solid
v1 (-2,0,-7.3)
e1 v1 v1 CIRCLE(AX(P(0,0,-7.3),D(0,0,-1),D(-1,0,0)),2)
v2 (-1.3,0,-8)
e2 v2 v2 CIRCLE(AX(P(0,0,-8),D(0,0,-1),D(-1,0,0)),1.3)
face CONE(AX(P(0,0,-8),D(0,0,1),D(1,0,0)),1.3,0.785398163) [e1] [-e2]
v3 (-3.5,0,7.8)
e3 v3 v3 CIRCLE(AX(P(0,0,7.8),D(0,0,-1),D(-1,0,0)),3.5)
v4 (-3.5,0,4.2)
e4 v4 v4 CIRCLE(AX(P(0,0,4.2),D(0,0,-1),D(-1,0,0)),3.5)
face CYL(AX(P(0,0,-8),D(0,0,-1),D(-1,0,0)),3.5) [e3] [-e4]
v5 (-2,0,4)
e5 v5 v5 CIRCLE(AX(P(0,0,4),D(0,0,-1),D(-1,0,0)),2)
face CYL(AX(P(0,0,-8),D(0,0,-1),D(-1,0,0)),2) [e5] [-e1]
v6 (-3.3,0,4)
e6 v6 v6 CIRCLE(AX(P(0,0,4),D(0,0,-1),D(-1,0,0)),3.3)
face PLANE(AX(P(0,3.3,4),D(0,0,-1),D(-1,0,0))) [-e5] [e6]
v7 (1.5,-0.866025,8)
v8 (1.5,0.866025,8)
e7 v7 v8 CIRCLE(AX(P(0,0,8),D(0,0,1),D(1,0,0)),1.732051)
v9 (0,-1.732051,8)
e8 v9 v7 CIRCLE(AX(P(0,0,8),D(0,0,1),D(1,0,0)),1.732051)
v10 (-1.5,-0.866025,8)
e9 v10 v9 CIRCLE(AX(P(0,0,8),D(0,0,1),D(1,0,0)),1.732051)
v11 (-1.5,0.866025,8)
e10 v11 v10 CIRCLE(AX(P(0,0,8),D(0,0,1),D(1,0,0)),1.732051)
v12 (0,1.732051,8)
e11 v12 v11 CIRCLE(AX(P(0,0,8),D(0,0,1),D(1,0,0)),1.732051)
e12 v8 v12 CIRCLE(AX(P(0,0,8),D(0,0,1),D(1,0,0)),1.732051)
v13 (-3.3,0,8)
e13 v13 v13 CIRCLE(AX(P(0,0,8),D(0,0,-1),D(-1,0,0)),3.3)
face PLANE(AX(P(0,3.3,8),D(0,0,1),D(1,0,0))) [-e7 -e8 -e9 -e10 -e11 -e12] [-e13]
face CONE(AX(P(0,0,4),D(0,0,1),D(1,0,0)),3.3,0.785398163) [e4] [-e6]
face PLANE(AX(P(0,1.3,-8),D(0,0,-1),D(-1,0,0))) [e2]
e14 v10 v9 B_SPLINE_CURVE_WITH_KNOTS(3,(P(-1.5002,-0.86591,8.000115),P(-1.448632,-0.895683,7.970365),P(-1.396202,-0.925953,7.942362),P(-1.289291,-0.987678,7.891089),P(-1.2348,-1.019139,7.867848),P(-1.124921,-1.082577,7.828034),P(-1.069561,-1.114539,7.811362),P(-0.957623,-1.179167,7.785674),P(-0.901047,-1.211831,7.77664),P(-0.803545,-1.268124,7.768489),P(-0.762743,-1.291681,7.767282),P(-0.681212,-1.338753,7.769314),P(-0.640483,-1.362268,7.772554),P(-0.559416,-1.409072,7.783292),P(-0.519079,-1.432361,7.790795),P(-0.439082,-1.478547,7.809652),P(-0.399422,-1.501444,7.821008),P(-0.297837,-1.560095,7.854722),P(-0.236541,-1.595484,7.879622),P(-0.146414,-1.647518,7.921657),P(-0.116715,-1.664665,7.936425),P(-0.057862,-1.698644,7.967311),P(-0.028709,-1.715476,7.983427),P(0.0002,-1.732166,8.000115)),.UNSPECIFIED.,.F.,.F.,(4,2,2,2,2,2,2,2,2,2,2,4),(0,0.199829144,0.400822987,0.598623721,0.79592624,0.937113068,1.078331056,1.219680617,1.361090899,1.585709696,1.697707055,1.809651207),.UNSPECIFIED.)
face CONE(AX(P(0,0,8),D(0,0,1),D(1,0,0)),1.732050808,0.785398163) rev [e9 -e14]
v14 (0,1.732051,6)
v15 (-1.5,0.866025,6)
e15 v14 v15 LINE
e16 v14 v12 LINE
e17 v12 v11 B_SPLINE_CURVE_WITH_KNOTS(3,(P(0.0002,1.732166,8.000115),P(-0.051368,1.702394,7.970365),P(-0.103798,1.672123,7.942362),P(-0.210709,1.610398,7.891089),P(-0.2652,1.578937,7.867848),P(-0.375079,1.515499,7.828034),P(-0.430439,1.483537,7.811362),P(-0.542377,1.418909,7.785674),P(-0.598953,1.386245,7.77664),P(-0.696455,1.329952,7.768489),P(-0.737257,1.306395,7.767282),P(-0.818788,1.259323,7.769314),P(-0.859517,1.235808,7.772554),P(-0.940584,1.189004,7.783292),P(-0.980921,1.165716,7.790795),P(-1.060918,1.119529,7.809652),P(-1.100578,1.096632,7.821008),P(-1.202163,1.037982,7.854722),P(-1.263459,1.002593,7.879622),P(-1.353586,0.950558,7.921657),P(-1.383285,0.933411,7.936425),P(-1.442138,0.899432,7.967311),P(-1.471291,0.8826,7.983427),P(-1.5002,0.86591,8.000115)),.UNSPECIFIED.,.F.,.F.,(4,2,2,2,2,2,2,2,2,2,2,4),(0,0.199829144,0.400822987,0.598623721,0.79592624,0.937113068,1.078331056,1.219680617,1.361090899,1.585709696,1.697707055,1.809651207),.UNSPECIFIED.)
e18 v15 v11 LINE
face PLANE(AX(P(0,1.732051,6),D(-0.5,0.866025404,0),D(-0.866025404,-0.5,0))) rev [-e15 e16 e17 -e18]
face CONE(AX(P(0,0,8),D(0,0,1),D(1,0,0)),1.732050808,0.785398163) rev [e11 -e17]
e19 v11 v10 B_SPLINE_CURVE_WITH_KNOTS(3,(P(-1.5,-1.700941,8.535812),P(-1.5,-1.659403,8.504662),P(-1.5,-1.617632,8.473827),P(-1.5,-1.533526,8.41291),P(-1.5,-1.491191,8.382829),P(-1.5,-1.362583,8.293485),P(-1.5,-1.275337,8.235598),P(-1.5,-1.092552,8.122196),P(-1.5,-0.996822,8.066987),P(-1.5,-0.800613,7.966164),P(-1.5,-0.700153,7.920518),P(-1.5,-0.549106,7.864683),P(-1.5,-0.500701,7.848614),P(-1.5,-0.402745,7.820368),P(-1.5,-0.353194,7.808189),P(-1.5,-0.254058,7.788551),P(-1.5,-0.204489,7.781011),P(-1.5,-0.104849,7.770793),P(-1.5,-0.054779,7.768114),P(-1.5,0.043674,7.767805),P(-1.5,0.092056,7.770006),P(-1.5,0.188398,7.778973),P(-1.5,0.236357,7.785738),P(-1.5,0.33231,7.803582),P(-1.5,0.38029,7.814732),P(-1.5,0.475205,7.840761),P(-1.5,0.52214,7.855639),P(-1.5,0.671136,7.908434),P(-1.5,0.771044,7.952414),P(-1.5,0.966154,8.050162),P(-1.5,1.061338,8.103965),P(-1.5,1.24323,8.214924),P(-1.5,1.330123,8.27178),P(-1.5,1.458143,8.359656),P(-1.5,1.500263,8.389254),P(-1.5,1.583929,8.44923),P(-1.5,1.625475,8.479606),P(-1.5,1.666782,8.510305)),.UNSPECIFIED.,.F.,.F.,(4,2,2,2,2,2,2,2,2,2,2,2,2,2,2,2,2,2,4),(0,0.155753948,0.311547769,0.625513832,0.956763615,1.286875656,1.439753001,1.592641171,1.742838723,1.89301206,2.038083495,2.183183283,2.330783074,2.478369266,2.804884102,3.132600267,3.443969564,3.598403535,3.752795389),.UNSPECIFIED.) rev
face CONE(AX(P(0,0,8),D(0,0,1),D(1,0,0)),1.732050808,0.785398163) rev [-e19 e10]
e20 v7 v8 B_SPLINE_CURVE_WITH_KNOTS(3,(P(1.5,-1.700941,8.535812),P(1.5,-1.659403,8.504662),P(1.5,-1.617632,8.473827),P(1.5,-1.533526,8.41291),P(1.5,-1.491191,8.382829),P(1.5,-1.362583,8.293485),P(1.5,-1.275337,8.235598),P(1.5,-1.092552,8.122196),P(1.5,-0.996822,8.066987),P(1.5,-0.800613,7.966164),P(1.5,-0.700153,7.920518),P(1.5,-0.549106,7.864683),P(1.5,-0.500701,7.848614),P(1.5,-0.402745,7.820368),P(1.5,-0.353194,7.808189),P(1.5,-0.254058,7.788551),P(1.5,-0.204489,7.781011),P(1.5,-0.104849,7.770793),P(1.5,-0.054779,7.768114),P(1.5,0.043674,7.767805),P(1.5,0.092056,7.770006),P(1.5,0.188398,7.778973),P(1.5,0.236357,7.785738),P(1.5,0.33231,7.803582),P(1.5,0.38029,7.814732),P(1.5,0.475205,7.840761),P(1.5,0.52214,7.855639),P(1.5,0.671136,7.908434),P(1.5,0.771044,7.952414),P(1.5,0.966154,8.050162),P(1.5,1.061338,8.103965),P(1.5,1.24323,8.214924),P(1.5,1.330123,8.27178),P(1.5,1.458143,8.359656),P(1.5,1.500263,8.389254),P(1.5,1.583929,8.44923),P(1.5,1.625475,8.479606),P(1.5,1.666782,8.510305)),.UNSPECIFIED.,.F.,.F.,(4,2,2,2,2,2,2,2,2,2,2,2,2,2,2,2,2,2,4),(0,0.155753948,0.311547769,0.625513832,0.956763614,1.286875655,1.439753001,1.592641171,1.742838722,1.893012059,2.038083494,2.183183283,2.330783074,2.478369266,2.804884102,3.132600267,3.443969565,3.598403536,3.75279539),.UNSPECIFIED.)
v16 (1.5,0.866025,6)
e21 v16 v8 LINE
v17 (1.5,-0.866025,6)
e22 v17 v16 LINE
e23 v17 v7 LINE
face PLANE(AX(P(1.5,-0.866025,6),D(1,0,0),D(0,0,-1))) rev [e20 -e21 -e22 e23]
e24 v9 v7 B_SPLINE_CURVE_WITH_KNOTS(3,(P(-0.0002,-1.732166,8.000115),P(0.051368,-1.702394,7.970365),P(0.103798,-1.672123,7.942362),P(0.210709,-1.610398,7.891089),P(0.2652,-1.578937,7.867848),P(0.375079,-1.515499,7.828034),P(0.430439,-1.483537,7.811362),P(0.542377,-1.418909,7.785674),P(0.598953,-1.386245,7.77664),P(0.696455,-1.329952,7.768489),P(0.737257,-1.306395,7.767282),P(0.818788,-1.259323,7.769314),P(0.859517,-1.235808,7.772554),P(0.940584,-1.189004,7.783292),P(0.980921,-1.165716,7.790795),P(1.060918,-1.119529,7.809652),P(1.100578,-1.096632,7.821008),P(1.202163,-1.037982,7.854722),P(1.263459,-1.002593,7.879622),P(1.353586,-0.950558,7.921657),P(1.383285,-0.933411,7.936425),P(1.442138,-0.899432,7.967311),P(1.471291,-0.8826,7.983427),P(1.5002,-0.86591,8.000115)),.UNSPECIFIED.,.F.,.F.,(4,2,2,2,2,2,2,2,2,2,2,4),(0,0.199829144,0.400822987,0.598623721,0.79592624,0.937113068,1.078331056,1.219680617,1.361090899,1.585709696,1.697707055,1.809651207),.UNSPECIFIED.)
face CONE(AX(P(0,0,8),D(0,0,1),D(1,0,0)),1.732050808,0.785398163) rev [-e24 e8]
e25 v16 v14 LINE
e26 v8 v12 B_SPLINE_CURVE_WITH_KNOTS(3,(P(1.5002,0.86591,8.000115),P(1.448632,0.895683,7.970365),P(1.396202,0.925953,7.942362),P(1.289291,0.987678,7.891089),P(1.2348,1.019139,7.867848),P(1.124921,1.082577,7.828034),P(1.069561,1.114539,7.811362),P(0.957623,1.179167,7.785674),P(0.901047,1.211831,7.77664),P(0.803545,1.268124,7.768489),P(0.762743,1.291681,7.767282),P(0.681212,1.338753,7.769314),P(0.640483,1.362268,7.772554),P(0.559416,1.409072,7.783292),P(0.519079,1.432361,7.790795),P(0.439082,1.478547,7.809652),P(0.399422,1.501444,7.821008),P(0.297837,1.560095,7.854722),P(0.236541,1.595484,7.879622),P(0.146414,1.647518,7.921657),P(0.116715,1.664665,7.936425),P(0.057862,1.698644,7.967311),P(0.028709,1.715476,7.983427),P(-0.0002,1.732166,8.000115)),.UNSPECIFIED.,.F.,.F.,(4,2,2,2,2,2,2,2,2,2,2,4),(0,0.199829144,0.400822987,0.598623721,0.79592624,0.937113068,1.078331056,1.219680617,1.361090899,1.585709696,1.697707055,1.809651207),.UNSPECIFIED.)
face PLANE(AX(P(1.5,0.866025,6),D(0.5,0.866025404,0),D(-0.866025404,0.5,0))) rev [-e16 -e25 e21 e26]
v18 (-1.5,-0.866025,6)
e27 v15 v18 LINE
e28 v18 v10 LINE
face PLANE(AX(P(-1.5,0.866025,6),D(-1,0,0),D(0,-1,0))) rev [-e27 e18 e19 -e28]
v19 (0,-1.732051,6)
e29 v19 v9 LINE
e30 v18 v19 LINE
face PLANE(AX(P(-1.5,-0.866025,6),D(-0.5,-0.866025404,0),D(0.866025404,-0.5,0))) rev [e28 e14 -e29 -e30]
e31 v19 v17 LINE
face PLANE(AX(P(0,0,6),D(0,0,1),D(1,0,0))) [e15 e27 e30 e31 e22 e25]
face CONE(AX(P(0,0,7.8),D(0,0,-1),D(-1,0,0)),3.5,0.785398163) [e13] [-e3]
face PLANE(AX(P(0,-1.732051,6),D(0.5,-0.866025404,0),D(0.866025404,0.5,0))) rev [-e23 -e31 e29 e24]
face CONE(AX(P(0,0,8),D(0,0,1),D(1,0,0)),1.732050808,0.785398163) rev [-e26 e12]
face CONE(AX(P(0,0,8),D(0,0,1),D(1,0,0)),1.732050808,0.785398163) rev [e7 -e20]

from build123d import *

# Parameters (mm, degrees)
CUT_EXTRUDE1_START = -2
CUT_EXTRUDE1_DEPTH = 2
SKETCH4_R          = 1.732050808
CUT_EXTRUDE2_DEPTH = 0.5
CUT_EXTRUDE2_TAPER = 45


with BuildPart() as part:
    # Sketch2 → Revolve1 (revolve)
    with BuildSketch(Plane(origin=(0, 0, 0), x_dir=(0, 0, -1), z_dir=(1, 0, 0))):
        Polygon((-7.8, 3.5), (-4.2, 3.5), (-4, 3.3), (-4, 2), (7.3, 2), (8, 1.3), (8, 0), (-8, 0), (-8, 3.3), align=None)
    revolve(axis=Axis((0, 0, -8), (0, 0, 1)))

    # Sketch3 → Cut-Extrude1 (cut)
    with BuildSketch(Plane.XY.offset(8).offset(CUT_EXTRUDE1_START)):
        Polygon((0, 1.732050808), (-1.5, 0.866025404), (-1.5, -0.866025404), (0, -1.732050808), (1.5, -0.866025404), (1.5, 0.866025404), align=None)
    extrude(amount=CUT_EXTRUDE1_DEPTH, mode=Mode.SUBTRACT)

    # Sketch4 → Cut-Extrude2 (cut)
    with BuildSketch(Plane.XY.offset(8)):
        Circle(SKETCH4_R)
    extrude(amount=-CUT_EXTRUDE2_DEPTH, taper=CUT_EXTRUDE2_TAPER, mode=Mode.SUBTRACT)


solid = part.part
